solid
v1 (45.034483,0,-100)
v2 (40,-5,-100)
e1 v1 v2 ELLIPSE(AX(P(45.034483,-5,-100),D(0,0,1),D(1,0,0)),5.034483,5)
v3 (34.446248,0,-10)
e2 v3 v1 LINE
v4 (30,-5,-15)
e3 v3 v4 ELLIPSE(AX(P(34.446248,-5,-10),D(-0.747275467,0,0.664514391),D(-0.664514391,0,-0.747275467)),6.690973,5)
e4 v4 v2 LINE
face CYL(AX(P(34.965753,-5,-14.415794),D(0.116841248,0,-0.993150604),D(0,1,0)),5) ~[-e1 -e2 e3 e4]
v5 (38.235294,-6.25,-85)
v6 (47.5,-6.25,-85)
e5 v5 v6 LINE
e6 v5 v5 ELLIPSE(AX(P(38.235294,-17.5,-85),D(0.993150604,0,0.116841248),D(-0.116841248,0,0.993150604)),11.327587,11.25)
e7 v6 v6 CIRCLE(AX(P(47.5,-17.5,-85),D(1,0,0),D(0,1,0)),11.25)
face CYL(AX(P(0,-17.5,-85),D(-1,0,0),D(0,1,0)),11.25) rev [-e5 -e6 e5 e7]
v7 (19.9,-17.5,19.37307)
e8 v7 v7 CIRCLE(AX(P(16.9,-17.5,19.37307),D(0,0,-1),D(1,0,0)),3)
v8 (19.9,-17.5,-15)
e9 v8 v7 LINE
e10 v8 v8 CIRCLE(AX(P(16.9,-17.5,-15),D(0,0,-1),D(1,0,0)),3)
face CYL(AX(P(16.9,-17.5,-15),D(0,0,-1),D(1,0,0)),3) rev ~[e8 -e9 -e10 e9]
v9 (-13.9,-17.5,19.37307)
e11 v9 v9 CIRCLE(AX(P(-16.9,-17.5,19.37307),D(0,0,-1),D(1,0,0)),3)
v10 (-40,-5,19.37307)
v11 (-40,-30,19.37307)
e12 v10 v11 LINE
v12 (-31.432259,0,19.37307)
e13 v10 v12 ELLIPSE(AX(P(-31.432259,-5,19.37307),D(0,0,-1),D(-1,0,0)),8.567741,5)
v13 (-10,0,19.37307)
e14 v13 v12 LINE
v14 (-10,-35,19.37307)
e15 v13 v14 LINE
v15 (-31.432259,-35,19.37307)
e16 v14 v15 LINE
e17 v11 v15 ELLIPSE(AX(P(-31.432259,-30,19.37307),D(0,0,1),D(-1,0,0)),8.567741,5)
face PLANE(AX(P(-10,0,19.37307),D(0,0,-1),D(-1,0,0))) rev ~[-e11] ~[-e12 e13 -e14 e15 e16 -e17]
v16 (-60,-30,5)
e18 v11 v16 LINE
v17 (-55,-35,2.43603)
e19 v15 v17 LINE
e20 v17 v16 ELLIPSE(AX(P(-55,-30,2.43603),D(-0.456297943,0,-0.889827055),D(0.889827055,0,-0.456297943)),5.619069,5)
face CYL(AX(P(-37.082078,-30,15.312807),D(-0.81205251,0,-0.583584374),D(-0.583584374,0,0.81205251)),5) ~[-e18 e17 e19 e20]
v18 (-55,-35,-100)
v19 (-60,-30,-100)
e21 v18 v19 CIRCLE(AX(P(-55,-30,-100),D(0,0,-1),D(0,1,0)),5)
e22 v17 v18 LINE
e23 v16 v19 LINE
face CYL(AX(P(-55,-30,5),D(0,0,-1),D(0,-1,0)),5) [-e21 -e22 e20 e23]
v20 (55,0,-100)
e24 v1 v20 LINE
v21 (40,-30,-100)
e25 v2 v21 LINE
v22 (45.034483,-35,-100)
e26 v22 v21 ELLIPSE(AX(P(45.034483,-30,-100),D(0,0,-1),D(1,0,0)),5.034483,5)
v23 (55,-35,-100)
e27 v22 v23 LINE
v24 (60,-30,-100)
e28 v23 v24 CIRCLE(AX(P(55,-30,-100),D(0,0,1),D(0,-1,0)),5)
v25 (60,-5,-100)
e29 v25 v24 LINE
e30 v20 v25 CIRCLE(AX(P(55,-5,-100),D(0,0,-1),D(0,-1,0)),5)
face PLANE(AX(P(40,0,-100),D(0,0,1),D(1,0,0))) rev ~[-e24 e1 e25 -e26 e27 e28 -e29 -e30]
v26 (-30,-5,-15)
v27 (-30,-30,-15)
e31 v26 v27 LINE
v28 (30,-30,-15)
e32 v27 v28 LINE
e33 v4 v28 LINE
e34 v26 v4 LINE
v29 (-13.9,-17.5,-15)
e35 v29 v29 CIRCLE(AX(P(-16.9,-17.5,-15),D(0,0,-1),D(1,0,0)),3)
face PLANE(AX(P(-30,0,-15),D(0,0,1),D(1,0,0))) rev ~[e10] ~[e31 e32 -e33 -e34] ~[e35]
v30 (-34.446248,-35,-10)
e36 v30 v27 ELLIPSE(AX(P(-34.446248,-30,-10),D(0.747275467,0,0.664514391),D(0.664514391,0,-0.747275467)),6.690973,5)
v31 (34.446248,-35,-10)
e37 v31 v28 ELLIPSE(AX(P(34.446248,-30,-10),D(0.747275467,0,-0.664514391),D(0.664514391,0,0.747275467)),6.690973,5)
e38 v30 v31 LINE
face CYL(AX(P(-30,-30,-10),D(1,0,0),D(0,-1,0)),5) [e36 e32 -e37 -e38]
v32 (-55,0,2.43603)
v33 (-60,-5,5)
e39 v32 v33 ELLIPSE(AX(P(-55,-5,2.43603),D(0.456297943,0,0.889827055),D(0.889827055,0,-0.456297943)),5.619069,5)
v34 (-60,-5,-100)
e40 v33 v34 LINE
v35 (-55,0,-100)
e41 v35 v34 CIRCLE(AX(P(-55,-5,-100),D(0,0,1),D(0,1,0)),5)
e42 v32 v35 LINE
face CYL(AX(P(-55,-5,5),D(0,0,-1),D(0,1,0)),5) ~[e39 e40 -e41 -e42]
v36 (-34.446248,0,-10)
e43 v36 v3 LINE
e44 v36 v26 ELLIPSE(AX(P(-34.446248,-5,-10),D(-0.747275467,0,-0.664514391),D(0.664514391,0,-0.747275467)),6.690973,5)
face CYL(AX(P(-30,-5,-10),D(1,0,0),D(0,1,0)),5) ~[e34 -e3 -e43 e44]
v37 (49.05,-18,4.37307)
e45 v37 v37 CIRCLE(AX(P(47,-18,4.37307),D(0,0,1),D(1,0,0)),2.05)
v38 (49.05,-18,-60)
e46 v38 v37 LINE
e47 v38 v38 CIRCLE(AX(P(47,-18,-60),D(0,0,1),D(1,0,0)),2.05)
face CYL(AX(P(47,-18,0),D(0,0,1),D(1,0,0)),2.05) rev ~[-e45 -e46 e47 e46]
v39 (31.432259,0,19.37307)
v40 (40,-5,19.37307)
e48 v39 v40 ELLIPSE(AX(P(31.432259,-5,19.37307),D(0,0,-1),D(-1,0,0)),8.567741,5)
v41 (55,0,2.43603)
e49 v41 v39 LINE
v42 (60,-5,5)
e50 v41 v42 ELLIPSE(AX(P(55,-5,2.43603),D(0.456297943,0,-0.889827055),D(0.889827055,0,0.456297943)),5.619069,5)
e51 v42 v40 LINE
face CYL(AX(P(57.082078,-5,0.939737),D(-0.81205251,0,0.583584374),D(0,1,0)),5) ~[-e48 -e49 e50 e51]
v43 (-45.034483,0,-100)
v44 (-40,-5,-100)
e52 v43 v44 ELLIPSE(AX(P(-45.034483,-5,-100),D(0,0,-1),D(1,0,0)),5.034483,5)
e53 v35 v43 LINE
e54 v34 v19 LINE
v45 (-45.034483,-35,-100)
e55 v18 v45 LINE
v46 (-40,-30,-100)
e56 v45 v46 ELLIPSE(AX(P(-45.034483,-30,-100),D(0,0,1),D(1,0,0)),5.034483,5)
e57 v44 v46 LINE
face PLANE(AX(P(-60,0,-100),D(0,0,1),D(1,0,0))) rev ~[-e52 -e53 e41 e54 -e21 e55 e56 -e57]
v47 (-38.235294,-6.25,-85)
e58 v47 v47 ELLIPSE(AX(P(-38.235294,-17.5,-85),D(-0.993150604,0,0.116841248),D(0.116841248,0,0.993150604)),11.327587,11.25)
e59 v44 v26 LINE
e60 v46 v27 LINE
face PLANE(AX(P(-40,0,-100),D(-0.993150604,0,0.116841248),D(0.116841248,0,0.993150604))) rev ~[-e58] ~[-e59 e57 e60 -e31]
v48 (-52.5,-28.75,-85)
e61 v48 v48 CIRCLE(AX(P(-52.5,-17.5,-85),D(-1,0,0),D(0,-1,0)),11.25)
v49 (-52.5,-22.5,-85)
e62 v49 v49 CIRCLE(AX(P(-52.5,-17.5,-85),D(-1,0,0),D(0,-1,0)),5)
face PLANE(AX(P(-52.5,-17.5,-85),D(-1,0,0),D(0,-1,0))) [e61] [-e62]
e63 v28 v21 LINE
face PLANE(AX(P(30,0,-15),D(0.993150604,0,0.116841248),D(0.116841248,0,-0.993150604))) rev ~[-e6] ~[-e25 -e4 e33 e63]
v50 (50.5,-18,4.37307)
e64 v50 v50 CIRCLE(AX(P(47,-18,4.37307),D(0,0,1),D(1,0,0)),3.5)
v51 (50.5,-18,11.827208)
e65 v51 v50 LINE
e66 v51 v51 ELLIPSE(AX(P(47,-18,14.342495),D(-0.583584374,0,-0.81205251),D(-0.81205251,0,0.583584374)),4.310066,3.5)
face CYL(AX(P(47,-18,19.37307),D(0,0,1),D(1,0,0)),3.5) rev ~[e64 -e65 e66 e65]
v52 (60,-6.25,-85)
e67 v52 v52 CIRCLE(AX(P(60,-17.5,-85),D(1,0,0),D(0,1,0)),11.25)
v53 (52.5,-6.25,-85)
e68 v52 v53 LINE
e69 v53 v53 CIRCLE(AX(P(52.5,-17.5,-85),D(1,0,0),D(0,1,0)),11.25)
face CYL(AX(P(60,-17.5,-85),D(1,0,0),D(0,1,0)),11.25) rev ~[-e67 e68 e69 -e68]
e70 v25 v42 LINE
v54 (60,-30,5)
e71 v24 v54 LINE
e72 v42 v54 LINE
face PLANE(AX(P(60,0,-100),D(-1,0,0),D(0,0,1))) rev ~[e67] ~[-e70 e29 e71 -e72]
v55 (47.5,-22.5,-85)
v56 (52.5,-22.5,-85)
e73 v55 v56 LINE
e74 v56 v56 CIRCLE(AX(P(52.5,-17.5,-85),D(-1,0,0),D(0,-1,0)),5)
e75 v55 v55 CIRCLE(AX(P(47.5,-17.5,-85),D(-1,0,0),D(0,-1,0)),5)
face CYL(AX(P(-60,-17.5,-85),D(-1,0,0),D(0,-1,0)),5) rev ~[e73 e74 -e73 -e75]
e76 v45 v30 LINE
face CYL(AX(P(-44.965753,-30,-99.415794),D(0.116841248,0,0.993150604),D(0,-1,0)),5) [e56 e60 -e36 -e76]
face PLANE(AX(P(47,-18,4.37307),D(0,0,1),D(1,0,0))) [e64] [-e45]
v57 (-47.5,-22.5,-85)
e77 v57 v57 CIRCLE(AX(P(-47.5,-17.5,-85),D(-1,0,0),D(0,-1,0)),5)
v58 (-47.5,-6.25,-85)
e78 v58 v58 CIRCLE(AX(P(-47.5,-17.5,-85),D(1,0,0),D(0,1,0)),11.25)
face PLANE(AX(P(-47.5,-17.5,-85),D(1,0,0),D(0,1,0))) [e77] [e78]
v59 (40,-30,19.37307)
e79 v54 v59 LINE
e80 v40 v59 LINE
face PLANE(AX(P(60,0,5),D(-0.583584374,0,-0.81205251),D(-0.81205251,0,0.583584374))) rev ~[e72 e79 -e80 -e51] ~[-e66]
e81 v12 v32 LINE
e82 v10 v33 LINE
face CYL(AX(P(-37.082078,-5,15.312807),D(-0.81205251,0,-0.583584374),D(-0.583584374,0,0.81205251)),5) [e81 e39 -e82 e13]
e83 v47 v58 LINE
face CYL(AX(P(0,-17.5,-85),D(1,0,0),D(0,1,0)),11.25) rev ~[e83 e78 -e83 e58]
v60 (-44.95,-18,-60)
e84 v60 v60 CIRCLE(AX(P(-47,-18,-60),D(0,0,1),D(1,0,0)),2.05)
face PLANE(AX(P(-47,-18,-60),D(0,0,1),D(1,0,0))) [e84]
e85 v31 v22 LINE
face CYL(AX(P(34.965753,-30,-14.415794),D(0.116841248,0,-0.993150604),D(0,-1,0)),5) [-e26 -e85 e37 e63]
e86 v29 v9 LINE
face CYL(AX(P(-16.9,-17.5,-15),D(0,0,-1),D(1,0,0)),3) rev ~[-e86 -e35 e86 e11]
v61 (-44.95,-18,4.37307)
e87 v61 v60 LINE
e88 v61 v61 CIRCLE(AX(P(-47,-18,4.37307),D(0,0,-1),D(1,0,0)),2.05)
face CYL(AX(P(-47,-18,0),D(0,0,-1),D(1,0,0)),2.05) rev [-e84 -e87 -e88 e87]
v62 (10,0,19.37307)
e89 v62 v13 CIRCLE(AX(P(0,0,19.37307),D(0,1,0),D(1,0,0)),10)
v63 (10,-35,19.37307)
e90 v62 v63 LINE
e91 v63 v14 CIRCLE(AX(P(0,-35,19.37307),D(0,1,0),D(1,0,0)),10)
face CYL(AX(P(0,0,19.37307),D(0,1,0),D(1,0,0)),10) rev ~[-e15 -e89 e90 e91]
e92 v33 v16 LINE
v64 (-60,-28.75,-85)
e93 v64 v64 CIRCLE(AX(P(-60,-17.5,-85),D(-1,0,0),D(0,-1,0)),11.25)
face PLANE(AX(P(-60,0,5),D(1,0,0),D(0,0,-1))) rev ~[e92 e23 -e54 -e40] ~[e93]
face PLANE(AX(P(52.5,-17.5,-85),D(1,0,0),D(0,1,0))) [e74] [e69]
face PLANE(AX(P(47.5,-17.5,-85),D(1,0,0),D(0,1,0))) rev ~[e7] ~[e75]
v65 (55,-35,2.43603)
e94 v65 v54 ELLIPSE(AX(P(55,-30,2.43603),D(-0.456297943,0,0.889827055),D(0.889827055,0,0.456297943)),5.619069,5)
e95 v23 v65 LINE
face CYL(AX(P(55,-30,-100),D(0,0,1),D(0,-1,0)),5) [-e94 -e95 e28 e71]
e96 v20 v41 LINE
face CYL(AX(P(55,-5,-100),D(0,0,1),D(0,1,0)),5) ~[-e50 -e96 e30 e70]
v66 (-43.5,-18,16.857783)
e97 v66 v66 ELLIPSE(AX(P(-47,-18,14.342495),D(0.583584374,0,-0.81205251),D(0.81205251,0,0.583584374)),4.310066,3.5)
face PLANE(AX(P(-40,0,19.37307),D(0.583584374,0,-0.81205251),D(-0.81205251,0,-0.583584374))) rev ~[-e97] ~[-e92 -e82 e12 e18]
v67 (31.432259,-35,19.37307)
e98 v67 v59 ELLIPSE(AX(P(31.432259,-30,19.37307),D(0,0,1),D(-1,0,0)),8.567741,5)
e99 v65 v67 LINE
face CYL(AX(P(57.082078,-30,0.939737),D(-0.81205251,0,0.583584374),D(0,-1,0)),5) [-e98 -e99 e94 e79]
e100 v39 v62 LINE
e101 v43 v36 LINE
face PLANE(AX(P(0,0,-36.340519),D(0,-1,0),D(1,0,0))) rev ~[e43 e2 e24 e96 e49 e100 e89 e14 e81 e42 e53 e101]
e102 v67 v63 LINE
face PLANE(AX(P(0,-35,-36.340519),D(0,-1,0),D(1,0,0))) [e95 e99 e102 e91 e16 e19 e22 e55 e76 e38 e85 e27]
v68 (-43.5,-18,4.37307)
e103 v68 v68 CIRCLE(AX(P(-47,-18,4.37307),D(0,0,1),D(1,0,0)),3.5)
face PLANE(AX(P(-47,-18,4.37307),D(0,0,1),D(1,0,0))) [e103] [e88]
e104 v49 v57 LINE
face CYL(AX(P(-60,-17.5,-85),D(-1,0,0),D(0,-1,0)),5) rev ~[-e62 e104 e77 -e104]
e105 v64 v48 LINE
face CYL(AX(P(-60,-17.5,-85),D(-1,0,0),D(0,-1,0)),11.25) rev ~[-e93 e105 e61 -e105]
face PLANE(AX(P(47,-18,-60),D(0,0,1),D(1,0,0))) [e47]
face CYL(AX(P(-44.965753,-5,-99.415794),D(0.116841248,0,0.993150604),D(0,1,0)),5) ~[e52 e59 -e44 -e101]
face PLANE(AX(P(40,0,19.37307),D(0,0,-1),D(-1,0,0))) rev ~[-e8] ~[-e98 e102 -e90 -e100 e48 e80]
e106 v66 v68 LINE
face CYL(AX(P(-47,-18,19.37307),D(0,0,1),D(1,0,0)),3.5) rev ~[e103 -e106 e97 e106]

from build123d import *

# Parameters (mm, degrees)
F1_DEPTH  = 35
F2_R      = 3
F3_DEPTH  = 34.3740698971
F4_R      = 5
F5_DEPTH  = 120.001
F6_R      = 11.25
F7_DEPTH  = 7.5
F8_R      = 11.25
F9_DEPTH  = 7.5
F10_R     = 11.25
F11_DEPTH = 47.5
F12_R     = 11.25
F13_DEPTH = 47.5
F14_R     = 2.05
F15_DEPTH = 60
F16_R     = 3.5
F17_DEPTH = 15
F18_R     = 5


with BuildPart() as f1:
    # F0 (on Front) → F1 (new body)
    with BuildSketch(Plane.XZ):
        with BuildLine():
            Line((-40, 19.3730698971), (-60, 5))
            Line((-60, 5), (-60, 0))
            Line((-60, 0), (-60, -100))
            Line((-60, -100), (-40, -100))
            Line((-40, -100), (-30, -15))
            Line((-30, -15), (0, -15))
            Line((0, -15), (30, -15))
            Line((30, -15), (40, -100))
            Line((40, -100), (60, -100))
            Line((60, -100), (60, 0))
            Line((60, 0), (60, 5))
            Line((60, 5), (40, 19.3730698971))
            Line((40, 19.3730698971), (10, 19.3730698971))
            ThreePointArc((10, 19.3730698971), (0, 9.3730698971), (-10, 19.3730698971))
            Line((-10, 19.3730698971), (-40, 19.3730698971))
        make_face()
    extrude(amount=F1_DEPTH)

    # F2 (on face) → F3 (cut, through all)
    with BuildSketch(Plane(origin=(0, 0, -15), x_dir=(1, 0, 0), z_dir=(0, 0, -1))):
        with Locations((-16.9, 17.5)):
            Circle(F2_R)
        with Locations((16.9, 17.5)):
            Circle(F2_R)
    extrude(amount=-F3_DEPTH, mode=Mode.SUBTRACT)

    # F4 (on face) → F5 (cut, through all)
    with BuildSketch(Plane(origin=(-60, 0, 0), x_dir=(0, -1, 0), z_dir=(-1, 0, 0))):
        with Locations((17.5, -85)):
            Circle(F4_R)
    extrude(amount=-F5_DEPTH, mode=Mode.SUBTRACT)

    # F6 (on face) → F7 (cut)
    with BuildSketch(Plane(origin=(-60, 0, 0), x_dir=(0, -1, 0), z_dir=(-1, 0, 0))):
        with Locations((17.5, -85)):
            Circle(F6_R)
    extrude(amount=-F7_DEPTH, mode=Mode.SUBTRACT)

    # F8 (on face) → F9 (cut)
    with BuildSketch(Plane.YZ.offset(60)):
        with Locations((-17.5, -85)):
            Circle(F8_R)
    extrude(amount=-F9_DEPTH, mode=Mode.SUBTRACT)

    # F10 (on Right) → F11 (cut)
    with BuildSketch(Plane.YZ):
        with Locations((-17.5, -85)):
            Circle(F10_R)
    extrude(amount=-F11_DEPTH, mode=Mode.SUBTRACT)

    # F12 (on Right) → F13 (cut)
    with BuildSketch(Plane.YZ):
        with Locations((-17.5, -85)):
            Circle(F12_R)
    extrude(amount=F13_DEPTH, mode=Mode.SUBTRACT)

    # F14 (on Top) → F15 (cut, symmetric)
    with BuildSketch(Plane.XY):
        with Locations((-47, -18)):
            Circle(F14_R)
        with Locations((47, -18)):
            Circle(F14_R)
    extrude(amount=F15_DEPTH, both=True, mode=Mode.SUBTRACT)

    # F16 (on face) → F17 (cut)
    with BuildSketch(Plane.XY.offset(19.3730698971)):
        with Locations((-47, -18)):
            Circle(F16_R)
        with Locations((47, -18)):
            Circle(F16_R)
    extrude(amount=-F17_DEPTH, mode=Mode.SUBTRACT)

    # F18
    f18_edges = [f1.edges().sort_by_distance(p)[0] for p in [
        (60, -35, -47.5),
        (60, 0, -47.5),
        (-60, -35, -47.5),
        (-60, 0, -47.5),
        (-50, 0, 12.186535),
        (-50, -35, 12.186535),
        (50, -35, 12.186535),
        (50, 0, 12.186535),
        (35, 0, -57.5),
        (0, 0, -15),
        (0, -35, -15),
        (-35, -35, -57.5),
        (35, -35, -57.5),
        (-35, 0, -57.5),
    ]]
    fillet(f18_edges, radius=F18_R)


solid = f1.part
